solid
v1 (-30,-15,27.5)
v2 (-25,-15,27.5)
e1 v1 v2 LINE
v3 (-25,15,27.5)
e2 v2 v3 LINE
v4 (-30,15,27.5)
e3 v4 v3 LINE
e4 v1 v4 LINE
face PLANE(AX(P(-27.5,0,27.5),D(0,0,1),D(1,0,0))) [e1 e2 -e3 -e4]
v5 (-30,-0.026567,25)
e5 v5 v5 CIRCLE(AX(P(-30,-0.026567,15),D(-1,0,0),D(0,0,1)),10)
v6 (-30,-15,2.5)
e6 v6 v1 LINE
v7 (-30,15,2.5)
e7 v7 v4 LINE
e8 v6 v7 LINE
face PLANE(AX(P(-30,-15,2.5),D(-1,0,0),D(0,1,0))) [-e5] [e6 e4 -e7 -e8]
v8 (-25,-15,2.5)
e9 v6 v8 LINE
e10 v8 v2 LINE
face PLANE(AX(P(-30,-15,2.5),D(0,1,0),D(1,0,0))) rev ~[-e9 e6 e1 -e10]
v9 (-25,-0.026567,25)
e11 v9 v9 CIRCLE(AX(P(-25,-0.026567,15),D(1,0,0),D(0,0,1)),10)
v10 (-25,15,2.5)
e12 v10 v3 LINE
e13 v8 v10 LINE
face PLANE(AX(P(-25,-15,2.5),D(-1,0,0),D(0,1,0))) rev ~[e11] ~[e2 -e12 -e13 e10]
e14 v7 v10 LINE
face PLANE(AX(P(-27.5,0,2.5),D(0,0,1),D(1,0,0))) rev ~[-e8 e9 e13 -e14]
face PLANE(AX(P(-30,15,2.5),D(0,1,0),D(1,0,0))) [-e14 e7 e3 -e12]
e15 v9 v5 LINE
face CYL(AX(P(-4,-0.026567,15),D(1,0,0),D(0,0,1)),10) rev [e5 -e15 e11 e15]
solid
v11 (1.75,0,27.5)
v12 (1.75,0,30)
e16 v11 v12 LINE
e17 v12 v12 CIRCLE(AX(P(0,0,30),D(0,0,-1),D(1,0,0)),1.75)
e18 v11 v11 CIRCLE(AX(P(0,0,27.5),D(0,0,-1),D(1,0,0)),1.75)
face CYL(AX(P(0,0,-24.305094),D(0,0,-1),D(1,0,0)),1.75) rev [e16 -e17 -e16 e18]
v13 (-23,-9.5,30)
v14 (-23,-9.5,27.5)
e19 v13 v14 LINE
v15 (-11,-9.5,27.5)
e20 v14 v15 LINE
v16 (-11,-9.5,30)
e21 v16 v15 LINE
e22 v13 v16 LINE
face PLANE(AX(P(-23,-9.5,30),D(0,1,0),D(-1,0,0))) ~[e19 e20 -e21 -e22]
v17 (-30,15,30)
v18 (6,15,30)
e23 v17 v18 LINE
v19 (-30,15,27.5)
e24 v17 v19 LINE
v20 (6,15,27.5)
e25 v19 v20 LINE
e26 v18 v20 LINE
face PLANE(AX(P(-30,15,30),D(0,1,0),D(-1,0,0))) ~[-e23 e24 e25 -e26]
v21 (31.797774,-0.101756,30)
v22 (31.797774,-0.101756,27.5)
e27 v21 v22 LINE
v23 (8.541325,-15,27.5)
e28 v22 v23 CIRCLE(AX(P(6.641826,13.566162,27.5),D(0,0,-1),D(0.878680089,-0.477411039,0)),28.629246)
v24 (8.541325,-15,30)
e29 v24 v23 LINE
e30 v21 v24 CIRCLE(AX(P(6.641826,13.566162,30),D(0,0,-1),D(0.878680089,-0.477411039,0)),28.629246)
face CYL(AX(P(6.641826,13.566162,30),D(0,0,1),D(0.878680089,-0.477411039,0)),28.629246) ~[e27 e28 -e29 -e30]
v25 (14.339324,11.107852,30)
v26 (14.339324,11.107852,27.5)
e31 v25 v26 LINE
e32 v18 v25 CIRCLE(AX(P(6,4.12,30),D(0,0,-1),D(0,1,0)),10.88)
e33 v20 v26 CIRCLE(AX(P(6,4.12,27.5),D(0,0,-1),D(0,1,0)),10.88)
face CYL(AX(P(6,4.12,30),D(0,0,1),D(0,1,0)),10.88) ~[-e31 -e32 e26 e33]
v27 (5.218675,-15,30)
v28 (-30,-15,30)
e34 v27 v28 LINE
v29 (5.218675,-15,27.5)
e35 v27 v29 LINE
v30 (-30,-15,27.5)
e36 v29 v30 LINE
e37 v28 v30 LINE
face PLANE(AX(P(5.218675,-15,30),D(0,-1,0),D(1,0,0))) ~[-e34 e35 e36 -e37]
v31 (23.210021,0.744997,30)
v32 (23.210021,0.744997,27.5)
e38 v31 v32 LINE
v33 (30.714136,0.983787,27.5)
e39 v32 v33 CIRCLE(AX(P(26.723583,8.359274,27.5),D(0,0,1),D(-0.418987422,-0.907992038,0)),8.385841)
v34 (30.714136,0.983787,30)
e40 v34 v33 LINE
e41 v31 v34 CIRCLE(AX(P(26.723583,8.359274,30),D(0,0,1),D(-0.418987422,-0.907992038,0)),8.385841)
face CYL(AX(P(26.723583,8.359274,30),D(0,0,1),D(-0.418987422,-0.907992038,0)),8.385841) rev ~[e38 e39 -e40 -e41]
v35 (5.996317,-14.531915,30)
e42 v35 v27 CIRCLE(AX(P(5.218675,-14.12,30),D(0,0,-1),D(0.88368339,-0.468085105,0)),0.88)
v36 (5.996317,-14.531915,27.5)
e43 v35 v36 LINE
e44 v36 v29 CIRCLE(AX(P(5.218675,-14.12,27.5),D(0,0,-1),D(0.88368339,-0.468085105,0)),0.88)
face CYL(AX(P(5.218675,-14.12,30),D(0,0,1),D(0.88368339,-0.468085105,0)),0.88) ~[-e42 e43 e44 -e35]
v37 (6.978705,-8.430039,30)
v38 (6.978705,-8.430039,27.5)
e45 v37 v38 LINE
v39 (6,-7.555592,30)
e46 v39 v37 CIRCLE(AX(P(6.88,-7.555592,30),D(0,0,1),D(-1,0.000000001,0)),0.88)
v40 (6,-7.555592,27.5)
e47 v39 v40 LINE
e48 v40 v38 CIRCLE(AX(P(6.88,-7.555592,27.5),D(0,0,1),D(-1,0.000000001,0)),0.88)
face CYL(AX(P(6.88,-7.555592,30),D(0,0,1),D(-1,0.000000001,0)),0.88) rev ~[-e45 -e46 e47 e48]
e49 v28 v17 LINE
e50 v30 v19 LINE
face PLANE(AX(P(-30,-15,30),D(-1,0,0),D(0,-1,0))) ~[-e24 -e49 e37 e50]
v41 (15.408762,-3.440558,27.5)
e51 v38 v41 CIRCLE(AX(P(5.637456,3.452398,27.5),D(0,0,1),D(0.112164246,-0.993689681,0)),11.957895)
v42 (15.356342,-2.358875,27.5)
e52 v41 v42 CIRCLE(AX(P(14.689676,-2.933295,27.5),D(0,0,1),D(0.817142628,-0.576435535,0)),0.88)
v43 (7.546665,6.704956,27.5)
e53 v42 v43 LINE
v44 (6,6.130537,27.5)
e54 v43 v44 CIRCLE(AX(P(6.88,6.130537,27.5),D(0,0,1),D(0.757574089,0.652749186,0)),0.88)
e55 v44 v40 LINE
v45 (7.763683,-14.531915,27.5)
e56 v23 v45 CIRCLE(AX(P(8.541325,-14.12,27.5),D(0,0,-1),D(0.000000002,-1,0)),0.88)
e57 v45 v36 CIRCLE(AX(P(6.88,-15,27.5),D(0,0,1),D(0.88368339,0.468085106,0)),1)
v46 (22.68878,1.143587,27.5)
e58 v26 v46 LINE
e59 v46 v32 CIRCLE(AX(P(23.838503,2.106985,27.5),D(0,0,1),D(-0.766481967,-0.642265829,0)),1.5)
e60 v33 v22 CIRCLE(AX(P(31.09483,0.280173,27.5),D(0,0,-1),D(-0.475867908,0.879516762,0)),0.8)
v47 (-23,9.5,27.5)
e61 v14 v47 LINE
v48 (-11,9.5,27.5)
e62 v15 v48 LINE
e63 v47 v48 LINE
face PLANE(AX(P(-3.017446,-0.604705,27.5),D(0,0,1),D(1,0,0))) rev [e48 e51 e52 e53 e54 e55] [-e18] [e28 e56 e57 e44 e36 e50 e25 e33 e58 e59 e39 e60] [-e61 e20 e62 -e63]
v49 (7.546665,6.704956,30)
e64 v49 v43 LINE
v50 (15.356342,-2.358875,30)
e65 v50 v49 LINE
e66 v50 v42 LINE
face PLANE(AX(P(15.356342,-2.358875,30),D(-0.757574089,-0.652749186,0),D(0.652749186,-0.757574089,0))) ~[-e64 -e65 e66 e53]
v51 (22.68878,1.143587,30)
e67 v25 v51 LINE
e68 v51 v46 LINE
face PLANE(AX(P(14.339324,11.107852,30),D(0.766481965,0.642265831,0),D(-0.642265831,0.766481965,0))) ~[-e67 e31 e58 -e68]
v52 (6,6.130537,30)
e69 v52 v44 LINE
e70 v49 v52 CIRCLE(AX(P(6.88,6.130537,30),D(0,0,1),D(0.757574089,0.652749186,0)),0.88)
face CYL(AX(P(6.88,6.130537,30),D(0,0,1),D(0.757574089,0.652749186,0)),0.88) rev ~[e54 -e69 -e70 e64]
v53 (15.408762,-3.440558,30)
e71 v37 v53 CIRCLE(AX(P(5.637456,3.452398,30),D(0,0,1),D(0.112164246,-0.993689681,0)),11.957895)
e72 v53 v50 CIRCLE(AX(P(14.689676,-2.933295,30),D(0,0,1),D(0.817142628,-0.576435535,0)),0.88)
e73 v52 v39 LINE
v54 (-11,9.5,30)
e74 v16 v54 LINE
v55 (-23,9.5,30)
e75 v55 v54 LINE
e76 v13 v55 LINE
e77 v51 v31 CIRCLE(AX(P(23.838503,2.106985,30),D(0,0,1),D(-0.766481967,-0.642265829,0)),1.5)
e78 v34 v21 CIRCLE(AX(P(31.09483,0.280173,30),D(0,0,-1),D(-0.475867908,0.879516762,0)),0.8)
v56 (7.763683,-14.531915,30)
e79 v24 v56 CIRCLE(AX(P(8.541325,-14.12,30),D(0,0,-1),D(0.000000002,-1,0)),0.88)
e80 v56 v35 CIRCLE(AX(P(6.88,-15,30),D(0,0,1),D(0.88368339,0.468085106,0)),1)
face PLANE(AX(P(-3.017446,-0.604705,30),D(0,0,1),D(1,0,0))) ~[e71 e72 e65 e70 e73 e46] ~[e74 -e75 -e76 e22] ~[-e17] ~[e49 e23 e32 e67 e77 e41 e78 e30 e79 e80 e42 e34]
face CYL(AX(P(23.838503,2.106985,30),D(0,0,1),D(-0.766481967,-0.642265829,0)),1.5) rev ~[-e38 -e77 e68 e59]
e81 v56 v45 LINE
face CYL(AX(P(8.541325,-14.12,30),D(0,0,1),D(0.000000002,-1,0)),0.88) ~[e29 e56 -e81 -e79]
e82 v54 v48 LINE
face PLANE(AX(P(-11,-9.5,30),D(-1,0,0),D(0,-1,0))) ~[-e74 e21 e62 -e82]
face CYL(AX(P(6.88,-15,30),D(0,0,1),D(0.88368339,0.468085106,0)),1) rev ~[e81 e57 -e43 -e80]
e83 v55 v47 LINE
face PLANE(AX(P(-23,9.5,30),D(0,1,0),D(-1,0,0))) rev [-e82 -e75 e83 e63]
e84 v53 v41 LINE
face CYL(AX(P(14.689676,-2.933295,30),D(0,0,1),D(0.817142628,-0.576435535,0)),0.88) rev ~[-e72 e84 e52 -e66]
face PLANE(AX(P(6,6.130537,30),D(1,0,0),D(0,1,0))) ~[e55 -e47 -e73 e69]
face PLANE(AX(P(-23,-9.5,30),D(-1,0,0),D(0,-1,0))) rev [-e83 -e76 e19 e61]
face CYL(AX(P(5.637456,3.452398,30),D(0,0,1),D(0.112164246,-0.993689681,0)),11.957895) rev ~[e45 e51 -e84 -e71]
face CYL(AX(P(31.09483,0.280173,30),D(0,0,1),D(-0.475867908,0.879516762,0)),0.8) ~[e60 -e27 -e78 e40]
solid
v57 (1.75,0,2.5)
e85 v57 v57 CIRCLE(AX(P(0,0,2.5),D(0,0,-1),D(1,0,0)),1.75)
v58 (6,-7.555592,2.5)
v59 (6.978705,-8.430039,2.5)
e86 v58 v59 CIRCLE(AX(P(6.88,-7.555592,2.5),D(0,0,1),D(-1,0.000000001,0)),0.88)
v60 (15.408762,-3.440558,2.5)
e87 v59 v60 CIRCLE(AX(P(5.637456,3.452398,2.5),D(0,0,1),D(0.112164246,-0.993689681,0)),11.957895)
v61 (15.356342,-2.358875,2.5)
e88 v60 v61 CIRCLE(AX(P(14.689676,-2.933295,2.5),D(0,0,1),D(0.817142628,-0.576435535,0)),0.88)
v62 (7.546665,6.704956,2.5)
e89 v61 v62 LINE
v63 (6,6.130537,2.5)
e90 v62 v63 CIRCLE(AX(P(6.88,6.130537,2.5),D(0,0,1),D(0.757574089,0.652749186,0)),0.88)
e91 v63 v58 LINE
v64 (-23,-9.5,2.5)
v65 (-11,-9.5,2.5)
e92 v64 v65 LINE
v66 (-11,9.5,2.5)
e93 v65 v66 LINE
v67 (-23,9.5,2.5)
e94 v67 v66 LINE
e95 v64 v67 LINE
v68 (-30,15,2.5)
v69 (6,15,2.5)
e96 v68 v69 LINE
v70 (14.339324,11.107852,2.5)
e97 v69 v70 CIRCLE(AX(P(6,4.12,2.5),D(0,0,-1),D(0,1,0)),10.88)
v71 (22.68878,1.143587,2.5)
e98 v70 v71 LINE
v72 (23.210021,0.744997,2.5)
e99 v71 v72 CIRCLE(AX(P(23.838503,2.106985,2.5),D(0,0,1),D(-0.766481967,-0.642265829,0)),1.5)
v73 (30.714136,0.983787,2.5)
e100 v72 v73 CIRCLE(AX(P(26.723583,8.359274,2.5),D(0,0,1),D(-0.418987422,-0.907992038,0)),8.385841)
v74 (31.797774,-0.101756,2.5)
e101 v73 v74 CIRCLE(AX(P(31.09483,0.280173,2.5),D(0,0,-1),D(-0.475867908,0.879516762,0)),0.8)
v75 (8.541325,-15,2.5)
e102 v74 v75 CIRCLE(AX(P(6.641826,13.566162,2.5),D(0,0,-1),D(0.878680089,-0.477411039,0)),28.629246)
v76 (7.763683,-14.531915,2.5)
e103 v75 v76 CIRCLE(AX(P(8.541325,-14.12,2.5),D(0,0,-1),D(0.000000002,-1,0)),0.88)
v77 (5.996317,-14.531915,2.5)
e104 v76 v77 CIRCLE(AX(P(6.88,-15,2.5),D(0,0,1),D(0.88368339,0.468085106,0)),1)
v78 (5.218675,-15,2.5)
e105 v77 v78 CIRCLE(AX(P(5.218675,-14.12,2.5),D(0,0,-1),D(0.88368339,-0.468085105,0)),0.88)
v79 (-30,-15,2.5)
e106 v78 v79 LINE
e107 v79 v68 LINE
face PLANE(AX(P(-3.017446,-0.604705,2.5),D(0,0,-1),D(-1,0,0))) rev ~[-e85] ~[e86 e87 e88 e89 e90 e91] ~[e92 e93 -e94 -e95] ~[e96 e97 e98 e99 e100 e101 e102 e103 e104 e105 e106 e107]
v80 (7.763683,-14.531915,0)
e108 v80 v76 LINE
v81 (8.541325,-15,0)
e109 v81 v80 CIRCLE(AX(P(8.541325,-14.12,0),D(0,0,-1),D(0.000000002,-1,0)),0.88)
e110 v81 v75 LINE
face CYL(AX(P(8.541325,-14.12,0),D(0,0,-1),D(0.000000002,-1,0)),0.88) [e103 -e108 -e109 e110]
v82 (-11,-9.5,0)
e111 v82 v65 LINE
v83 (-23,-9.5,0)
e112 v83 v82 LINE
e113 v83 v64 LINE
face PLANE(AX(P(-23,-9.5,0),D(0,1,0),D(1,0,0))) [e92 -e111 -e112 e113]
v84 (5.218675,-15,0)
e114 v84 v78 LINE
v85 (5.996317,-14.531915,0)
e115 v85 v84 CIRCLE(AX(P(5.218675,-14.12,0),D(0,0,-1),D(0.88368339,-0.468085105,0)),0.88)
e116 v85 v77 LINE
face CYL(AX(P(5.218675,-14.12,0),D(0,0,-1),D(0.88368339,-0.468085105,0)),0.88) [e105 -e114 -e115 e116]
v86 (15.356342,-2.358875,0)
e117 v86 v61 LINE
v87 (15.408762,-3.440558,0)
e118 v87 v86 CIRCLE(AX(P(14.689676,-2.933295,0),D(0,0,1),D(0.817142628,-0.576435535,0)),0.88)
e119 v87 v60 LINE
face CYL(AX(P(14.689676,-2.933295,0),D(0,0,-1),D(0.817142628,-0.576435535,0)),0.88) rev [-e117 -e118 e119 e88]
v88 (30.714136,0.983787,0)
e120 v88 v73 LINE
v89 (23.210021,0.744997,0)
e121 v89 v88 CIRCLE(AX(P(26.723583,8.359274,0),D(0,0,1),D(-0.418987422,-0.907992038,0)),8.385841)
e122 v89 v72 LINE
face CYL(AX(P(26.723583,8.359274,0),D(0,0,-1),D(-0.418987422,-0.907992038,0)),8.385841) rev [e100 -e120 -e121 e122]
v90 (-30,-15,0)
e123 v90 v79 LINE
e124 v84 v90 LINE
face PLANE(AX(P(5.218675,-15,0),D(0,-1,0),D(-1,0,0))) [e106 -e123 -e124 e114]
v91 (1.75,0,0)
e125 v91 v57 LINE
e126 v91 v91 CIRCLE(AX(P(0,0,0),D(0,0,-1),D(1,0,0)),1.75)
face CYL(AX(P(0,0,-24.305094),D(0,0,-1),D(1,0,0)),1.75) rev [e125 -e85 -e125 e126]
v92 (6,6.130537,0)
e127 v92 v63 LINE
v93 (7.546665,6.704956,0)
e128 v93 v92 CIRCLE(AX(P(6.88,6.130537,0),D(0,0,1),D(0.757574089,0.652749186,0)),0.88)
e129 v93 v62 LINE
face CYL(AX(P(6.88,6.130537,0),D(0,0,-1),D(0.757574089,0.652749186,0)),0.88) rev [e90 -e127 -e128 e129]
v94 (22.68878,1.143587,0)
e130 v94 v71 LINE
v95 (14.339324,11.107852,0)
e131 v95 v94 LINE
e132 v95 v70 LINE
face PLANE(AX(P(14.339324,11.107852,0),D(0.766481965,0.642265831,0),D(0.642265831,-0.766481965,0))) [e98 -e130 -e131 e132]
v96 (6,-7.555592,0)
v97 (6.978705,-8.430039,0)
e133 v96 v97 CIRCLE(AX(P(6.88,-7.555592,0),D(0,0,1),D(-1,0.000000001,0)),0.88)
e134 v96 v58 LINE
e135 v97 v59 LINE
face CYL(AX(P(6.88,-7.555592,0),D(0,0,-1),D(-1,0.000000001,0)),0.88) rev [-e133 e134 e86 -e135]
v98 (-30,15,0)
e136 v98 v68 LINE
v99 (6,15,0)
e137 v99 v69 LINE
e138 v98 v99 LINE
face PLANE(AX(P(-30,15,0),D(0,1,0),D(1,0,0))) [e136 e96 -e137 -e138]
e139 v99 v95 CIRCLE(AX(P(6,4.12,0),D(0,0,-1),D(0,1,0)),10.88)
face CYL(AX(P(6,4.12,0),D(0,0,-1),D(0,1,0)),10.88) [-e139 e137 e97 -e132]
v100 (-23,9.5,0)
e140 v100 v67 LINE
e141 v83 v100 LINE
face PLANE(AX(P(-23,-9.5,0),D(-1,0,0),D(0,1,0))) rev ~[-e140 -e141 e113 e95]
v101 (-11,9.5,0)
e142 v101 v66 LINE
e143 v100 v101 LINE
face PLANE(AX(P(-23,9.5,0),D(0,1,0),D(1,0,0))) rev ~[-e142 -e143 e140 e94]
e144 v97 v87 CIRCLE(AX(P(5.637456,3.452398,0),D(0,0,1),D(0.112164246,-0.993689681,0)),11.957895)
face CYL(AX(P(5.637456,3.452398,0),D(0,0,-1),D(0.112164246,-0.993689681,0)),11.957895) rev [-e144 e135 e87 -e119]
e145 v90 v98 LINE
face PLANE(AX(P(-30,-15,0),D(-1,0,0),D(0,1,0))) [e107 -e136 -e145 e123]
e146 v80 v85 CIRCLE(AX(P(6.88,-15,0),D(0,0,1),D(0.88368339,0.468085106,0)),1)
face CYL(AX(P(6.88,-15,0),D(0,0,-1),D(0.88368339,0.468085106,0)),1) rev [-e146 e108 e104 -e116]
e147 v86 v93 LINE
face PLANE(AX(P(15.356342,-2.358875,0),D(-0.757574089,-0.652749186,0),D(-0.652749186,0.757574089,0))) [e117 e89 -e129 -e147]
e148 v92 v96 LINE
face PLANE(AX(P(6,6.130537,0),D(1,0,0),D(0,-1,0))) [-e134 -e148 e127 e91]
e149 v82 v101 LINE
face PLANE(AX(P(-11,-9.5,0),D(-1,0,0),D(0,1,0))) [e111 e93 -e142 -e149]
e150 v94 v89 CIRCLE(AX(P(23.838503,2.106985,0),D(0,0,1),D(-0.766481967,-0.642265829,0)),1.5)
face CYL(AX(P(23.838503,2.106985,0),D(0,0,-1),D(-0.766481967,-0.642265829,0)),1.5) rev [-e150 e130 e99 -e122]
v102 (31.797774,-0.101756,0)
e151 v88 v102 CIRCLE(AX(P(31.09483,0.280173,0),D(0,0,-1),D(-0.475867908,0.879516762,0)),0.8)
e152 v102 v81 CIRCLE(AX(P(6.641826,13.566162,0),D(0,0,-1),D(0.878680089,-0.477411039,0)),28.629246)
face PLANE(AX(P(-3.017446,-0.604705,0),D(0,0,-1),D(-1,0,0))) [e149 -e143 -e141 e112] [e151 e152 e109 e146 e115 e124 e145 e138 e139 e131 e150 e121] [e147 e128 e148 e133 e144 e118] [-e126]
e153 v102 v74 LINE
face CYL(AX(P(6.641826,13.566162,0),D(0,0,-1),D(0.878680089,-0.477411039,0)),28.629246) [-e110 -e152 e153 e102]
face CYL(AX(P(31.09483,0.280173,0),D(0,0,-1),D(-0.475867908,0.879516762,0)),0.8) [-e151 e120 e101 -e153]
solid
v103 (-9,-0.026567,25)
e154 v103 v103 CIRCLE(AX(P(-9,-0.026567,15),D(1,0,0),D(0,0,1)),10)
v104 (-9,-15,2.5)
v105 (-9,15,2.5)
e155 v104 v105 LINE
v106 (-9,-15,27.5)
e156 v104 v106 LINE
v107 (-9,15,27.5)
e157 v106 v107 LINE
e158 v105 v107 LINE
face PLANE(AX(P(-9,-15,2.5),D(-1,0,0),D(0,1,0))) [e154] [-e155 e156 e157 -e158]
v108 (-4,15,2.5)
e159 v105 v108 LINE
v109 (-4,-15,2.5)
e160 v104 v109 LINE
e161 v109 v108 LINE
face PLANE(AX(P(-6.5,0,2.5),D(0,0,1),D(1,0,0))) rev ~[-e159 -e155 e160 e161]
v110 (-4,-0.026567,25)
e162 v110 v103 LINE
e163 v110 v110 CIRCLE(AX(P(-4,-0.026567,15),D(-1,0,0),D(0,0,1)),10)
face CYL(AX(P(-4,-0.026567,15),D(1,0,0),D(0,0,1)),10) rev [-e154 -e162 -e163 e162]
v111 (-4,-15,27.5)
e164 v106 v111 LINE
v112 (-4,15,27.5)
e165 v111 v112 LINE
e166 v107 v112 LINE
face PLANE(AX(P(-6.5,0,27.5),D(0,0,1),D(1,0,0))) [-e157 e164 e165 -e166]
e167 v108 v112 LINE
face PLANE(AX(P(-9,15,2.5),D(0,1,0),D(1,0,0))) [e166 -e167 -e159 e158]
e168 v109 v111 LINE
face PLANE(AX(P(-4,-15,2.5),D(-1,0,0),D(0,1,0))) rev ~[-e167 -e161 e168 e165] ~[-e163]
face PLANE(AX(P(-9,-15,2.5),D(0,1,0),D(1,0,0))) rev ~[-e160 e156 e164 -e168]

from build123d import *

# Parameters (mm, degrees)
SKETCH1_W               = 12
SKETCH1_H               = 19
BOSS_EXTRUDE1_DEPTH     = 2.5
SKETCH2_W               = 5
SKETCH2_H               = 30
BOSS_EXTRUDE2_DEPTH     = 25
BOSS_EXTRUDE2_2_DEPTH   = 25
CUT_EXTRUDE1_START      = -26
SKETCH3_R               = 10
CUT_EXTRUDE1_DEPTH      = 26
CUT_EXTRUDE2_DEPTH      = 39.305093566
CUT_EXTRUDE2_DEPTH_BACK = 39.305093566
SKETCH4_R               = 1.75


with BuildPart() as part:
    # Sketch1 → Boss-Extrude1 (new body)
    with BuildSketch(Plane.XY):
        with BuildLine():
            Line((5.218675227, -15), (-30, -15))
            Line((-30, -15), (-30, 15))
            Line((-30, 15), (6, 15))
            ThreePointArc((6, 15), (10.601443669, 13.979062641), (14.339323781, 11.107852236))
            Line((14.339323781, 11.107852236), (22.688779578, 1.143586689))
            ThreePointArc((22.688779578, 1.143586689), (22.927337997, 0.915440554), (23.210021393, 0.744997378))
            ThreePointArc((23.210021393, 0.744997378), (26.990294912, -0.022324307), (30.714135867, 0.983786514))
            ThreePointArc((30.714135867, 0.983786514), (31.661011891, 0.845361822), (31.797774266, -0.101755727))
            ThreePointArc((31.797774266, -0.101755727), (22.084906112, -10.540786811), (8.541324773, -15))
            ThreePointArc((8.541324773, -15), (8.087499424, -14.873951294), (7.76368339, -14.531914894))
            ThreePointArc((7.76368339, -14.531914894), (6.88, -14), (5.99631661, -14.531914894))
            ThreePointArc((5.99631661, -14.531914894), (5.672500576, -14.873951294), (5.218675227, -15))
        make_face()
        with Locations((-17, 0)):
            Rectangle(SKETCH1_W, SKETCH1_H, mode=Mode.SUBTRACT)
        with BuildLine():
            Line((6, 6.130536766), (6, -7.555592076))
            ThreePointArc((6, -7.555592076), (6.293680971, -8.211816121), (6.978704537, -8.430038996))
            ThreePointArc((6.978704537, -8.430038996), (11.728100272, -6.838146724), (15.40876192, -3.440557773))
            ThreePointArc((15.40876192, -3.440557773), (15.568644863, -2.890698084), (15.356341606, -2.358875218))
            Line((15.356341606, -2.358875218), (7.546665198, 6.70495605))
            ThreePointArc((7.546665198, 6.70495605), (6.573622271, 6.955480817), (6, 6.130536766))
        make_face(mode=Mode.SUBTRACT)
    extrude(amount=BOSS_EXTRUDE1_DEPTH)


with BuildPart() as body_2:
    # Sketch2 → Boss-Extrude2 (new body)
    with BuildSketch(Plane.XY.offset(2.5)):
        with Locations((-27.5, 0)):
            Rectangle(SKETCH2_W, SKETCH2_H)
    extrude(amount=BOSS_EXTRUDE2_DEPTH)


with BuildPart() as body_3:
    # Sketch2 → Boss-Extrude2 2 (new body)
    with BuildSketch(Plane.XY.offset(2.5)):
        with Locations((-6.5, 0)):
            Rectangle(SKETCH2_W, SKETCH2_H)
    extrude(amount=BOSS_EXTRUDE2_2_DEPTH)


with BuildPart() as body_4:
    # Mirror3: mirrored copy
    add(part.part.mirror(Plane.XY.offset(15)))


with BuildPart() as cut_extrude1_tool:
    # Sketch3 → Cut-Extrude1 (new body)
    with BuildSketch(Plane.ZY.offset(30).offset(CUT_EXTRUDE1_START)):
        with Locations((15, -0.026566761)):
            Circle(SKETCH3_R)
    extrude(amount=CUT_EXTRUDE1_DEPTH)


with BuildPart() as body_2_1:
    add(body_2.part)

    # Cut-Extrude1: cut by cut_extrude1_tool
    add(cut_extrude1_tool.part, mode=Mode.SUBTRACT)


with BuildPart() as body_3_1:
    add(body_3.part)

    # Cut-Extrude1: cut by cut_extrude1_tool
    add(cut_extrude1_tool.part, mode=Mode.SUBTRACT)


with BuildPart() as cut_extrude2_tool:
    # Sketch4 → Cut-Extrude2 (new, two sides: drawn at the far end of the back side and taken through both)
    with BuildSketch(Plane.XY.offset(15).offset(-CUT_EXTRUDE2_DEPTH_BACK)):
        Circle(SKETCH4_R)
    extrude(amount=CUT_EXTRUDE2_DEPTH + CUT_EXTRUDE2_DEPTH_BACK)


with BuildPart() as part_1:
    add(part.part)

    # Cut-Extrude2: cut by cut_extrude2_tool
    add(cut_extrude2_tool.part, mode=Mode.SUBTRACT)


with BuildPart() as body_4_1:
    add(body_4.part)

    # Cut-Extrude2: cut by cut_extrude2_tool
    add(cut_extrude2_tool.part, mode=Mode.SUBTRACT)


solid = Compound([body_2_1.part, body_3_1.part, part_1.part, body_4_1.part])
